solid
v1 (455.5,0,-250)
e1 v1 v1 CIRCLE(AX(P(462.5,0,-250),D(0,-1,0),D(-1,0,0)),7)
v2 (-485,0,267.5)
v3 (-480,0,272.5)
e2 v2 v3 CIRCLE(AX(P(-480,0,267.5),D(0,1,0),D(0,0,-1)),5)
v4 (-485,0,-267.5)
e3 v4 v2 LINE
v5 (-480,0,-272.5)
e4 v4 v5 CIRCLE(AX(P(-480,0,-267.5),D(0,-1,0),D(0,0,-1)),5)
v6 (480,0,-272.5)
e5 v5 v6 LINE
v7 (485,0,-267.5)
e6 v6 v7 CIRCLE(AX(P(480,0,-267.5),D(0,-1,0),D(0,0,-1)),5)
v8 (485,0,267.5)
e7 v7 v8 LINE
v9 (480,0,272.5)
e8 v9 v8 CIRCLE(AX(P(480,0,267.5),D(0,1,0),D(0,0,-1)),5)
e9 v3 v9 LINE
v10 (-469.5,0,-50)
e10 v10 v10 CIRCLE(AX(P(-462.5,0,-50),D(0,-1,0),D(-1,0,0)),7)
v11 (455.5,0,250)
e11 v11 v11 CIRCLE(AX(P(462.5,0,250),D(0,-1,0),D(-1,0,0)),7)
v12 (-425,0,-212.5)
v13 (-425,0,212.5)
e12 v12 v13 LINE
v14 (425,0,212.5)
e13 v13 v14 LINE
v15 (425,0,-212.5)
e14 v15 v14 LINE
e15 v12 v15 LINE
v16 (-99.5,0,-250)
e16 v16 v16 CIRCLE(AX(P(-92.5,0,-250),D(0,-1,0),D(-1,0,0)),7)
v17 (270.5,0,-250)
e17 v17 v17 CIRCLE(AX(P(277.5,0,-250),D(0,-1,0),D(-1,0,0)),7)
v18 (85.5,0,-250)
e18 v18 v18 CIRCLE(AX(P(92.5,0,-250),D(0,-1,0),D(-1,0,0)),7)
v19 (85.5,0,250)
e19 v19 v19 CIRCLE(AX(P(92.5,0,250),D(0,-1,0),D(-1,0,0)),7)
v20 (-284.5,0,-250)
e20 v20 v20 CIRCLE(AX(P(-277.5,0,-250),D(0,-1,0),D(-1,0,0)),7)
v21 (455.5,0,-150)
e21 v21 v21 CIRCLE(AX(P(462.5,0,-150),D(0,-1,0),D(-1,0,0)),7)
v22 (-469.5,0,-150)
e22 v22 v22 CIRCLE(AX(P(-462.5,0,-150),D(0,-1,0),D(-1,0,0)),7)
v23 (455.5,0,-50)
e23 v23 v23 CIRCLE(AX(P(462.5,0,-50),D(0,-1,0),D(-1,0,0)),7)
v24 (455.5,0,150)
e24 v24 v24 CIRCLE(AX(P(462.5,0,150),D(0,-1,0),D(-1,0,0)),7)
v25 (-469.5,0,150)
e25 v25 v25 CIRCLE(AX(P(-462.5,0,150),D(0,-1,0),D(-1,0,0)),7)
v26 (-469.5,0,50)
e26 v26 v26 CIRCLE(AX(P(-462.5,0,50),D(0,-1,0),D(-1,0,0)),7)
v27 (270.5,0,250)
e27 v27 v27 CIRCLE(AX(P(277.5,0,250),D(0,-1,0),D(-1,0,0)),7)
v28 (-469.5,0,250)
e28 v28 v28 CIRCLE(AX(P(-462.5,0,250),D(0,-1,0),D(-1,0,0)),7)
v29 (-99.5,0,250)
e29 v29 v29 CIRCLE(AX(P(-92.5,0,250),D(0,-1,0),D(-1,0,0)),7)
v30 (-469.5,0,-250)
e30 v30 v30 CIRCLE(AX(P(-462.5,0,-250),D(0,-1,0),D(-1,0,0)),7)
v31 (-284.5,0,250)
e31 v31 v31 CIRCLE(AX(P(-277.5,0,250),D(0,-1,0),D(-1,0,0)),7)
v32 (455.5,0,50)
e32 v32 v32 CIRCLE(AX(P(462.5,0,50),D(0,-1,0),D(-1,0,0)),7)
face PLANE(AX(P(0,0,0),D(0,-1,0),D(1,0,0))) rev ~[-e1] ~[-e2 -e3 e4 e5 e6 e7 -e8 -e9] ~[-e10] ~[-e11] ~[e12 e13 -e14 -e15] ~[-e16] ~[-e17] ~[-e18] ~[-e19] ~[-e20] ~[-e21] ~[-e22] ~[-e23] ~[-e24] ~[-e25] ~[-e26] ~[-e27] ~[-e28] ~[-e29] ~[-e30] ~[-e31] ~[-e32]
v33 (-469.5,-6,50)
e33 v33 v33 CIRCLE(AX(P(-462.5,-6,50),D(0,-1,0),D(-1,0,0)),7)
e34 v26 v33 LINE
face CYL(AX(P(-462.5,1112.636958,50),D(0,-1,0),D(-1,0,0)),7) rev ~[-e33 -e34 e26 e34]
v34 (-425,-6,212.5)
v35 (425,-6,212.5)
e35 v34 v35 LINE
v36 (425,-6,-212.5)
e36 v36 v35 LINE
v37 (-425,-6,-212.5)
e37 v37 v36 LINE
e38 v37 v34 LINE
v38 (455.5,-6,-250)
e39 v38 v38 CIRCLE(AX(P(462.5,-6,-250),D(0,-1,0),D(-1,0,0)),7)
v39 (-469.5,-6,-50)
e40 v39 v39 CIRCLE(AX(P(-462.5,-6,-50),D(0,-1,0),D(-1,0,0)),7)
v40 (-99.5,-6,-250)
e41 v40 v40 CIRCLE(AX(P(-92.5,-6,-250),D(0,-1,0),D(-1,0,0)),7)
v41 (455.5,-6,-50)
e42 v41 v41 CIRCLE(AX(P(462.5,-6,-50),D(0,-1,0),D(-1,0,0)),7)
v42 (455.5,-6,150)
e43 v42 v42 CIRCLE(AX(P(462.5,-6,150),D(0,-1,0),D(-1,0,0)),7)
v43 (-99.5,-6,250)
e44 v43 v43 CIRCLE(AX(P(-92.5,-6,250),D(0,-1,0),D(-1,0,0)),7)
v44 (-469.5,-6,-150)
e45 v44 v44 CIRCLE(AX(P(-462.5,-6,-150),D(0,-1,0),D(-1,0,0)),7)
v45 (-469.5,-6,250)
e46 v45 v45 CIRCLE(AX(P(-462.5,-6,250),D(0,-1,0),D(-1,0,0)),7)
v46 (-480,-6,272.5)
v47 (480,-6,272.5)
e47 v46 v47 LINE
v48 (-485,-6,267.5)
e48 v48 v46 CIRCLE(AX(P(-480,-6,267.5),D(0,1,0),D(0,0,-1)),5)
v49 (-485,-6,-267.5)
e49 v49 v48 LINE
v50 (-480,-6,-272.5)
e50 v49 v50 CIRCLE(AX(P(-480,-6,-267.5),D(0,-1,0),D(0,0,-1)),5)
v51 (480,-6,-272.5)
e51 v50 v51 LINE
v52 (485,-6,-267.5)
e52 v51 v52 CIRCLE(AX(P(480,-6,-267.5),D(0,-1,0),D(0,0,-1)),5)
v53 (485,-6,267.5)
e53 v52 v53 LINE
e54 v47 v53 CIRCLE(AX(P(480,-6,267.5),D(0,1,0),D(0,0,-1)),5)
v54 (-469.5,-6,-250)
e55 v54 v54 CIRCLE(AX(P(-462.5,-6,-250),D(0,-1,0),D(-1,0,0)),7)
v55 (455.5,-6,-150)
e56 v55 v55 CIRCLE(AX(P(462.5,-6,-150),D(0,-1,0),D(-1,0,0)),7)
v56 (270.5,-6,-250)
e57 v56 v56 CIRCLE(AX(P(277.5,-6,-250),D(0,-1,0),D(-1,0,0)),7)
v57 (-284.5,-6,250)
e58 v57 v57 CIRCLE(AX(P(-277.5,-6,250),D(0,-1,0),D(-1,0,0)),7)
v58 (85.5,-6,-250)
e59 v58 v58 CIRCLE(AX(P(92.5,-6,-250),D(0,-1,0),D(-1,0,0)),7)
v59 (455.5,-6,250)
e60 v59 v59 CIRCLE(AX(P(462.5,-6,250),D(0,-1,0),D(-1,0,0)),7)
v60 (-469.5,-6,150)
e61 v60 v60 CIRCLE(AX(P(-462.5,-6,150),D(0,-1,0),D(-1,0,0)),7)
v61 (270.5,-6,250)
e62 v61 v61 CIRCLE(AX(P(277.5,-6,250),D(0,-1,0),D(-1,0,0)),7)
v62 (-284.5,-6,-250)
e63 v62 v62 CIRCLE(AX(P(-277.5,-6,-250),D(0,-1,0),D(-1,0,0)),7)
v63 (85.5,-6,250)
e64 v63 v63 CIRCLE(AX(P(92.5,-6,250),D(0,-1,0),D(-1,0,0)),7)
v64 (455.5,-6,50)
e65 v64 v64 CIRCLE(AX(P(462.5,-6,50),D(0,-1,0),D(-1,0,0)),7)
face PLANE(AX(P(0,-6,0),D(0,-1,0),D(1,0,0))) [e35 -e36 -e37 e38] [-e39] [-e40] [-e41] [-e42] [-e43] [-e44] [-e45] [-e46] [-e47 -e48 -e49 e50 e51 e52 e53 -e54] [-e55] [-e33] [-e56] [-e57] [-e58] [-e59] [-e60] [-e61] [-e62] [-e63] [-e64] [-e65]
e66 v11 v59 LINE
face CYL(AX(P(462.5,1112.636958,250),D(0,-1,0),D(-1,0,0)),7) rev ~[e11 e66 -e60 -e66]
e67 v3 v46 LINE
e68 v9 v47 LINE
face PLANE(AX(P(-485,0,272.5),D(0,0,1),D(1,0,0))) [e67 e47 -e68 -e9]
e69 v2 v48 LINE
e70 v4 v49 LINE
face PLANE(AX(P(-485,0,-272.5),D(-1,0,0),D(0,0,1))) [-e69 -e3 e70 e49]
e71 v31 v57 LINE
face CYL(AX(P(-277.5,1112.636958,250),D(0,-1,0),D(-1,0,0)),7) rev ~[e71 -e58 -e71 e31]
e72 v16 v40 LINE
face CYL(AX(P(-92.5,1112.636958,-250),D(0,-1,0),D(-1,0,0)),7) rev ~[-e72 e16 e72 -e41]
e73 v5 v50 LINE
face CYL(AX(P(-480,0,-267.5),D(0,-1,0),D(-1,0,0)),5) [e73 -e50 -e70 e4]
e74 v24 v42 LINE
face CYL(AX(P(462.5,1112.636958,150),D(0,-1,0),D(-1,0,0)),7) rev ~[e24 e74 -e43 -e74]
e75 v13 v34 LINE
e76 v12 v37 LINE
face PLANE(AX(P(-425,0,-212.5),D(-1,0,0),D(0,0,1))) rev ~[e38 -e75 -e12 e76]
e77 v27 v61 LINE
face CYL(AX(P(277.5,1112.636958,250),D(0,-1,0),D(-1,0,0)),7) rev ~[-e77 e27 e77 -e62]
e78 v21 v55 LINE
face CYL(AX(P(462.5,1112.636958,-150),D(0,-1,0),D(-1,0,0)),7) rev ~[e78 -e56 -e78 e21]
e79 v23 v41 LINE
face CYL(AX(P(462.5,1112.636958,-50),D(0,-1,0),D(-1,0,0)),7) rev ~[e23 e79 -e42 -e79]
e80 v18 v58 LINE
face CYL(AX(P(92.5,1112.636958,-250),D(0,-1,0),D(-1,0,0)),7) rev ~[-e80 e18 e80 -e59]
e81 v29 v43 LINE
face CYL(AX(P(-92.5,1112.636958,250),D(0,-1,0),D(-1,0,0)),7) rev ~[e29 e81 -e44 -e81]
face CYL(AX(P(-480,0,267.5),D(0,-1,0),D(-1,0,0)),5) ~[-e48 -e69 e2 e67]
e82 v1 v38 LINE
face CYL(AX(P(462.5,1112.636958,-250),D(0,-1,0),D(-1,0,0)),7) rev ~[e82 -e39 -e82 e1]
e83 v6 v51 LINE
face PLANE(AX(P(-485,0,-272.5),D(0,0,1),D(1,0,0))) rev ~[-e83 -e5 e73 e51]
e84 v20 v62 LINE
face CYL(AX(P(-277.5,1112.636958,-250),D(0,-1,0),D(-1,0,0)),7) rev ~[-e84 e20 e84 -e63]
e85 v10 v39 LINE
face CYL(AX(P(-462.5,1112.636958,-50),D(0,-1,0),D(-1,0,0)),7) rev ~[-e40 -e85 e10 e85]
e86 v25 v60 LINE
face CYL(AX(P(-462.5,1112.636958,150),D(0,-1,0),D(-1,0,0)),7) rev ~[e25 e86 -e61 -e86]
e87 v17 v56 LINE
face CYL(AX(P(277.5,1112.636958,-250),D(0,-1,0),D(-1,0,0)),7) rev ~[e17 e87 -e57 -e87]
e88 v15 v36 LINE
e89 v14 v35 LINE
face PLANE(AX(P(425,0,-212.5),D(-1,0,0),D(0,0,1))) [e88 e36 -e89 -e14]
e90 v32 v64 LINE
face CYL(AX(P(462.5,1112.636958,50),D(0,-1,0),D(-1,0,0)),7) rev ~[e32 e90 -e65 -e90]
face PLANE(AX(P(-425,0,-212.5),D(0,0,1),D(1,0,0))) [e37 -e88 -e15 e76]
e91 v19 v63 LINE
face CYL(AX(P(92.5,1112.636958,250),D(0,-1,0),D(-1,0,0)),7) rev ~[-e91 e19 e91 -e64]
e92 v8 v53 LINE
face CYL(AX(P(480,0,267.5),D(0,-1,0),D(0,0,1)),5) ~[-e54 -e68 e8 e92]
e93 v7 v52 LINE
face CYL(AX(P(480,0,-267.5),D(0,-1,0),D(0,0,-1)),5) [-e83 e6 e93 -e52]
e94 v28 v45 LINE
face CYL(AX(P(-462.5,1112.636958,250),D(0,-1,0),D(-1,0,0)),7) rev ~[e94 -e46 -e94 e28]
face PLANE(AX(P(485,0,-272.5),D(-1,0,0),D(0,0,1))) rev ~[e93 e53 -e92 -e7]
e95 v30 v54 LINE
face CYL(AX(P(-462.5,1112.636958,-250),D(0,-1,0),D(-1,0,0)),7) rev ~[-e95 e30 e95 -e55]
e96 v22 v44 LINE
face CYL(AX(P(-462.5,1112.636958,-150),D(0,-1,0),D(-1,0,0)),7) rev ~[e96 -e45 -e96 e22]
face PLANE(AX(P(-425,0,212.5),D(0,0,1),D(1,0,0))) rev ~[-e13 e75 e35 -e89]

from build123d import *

# Parameters (mm, degrees)
F0_W     = 970
F0_H     = 545
F0_W_2   = 850
F0_H_2   = 425
F1_DEPTH = 6
F2_R     = 5
F4_D     = 14


with BuildPart() as f1:
    # F0 (on Front) → F1 (new body)
    with BuildSketch(Plane.XZ):
        Rectangle(F0_W, F0_H)
        Rectangle(F0_W_2, F0_H_2, mode=Mode.SUBTRACT)
    extrude(amount=F1_DEPTH)

    # F2
    f2_edges = [f1.edges().sort_by_distance(p)[0] for p in [
        (-485, -3, 272.5),
        (485, -3, 272.5),
        (485, -3, -272.5),
        (-485, -3, -272.5),
    ]]
    fillet(f2_edges, radius=F2_R)

    # F4 (through all)
    with Locations(Plane(origin=(0, 0, 0), x_dir=(1, 0, 0), z_dir=(0, 1, 0))):
        with Locations((462.5, -250), (277.5, -250), (92.5, -250), (-92.5, -250), (-462.5, -250), (-462.5, -150), (-462.5, -50), (-462.5, 50), (-462.5, 150), (-462.5, 250), (-277.5, 250), (-92.5, 250), (92.5, 250), (277.5, 250), (462.5, 250), (462.5, 150), (462.5, 50), (462.5, -50), (462.5, -150), (-277.5, -250)):
            Hole(F4_D / 2)


solid = f1.part
